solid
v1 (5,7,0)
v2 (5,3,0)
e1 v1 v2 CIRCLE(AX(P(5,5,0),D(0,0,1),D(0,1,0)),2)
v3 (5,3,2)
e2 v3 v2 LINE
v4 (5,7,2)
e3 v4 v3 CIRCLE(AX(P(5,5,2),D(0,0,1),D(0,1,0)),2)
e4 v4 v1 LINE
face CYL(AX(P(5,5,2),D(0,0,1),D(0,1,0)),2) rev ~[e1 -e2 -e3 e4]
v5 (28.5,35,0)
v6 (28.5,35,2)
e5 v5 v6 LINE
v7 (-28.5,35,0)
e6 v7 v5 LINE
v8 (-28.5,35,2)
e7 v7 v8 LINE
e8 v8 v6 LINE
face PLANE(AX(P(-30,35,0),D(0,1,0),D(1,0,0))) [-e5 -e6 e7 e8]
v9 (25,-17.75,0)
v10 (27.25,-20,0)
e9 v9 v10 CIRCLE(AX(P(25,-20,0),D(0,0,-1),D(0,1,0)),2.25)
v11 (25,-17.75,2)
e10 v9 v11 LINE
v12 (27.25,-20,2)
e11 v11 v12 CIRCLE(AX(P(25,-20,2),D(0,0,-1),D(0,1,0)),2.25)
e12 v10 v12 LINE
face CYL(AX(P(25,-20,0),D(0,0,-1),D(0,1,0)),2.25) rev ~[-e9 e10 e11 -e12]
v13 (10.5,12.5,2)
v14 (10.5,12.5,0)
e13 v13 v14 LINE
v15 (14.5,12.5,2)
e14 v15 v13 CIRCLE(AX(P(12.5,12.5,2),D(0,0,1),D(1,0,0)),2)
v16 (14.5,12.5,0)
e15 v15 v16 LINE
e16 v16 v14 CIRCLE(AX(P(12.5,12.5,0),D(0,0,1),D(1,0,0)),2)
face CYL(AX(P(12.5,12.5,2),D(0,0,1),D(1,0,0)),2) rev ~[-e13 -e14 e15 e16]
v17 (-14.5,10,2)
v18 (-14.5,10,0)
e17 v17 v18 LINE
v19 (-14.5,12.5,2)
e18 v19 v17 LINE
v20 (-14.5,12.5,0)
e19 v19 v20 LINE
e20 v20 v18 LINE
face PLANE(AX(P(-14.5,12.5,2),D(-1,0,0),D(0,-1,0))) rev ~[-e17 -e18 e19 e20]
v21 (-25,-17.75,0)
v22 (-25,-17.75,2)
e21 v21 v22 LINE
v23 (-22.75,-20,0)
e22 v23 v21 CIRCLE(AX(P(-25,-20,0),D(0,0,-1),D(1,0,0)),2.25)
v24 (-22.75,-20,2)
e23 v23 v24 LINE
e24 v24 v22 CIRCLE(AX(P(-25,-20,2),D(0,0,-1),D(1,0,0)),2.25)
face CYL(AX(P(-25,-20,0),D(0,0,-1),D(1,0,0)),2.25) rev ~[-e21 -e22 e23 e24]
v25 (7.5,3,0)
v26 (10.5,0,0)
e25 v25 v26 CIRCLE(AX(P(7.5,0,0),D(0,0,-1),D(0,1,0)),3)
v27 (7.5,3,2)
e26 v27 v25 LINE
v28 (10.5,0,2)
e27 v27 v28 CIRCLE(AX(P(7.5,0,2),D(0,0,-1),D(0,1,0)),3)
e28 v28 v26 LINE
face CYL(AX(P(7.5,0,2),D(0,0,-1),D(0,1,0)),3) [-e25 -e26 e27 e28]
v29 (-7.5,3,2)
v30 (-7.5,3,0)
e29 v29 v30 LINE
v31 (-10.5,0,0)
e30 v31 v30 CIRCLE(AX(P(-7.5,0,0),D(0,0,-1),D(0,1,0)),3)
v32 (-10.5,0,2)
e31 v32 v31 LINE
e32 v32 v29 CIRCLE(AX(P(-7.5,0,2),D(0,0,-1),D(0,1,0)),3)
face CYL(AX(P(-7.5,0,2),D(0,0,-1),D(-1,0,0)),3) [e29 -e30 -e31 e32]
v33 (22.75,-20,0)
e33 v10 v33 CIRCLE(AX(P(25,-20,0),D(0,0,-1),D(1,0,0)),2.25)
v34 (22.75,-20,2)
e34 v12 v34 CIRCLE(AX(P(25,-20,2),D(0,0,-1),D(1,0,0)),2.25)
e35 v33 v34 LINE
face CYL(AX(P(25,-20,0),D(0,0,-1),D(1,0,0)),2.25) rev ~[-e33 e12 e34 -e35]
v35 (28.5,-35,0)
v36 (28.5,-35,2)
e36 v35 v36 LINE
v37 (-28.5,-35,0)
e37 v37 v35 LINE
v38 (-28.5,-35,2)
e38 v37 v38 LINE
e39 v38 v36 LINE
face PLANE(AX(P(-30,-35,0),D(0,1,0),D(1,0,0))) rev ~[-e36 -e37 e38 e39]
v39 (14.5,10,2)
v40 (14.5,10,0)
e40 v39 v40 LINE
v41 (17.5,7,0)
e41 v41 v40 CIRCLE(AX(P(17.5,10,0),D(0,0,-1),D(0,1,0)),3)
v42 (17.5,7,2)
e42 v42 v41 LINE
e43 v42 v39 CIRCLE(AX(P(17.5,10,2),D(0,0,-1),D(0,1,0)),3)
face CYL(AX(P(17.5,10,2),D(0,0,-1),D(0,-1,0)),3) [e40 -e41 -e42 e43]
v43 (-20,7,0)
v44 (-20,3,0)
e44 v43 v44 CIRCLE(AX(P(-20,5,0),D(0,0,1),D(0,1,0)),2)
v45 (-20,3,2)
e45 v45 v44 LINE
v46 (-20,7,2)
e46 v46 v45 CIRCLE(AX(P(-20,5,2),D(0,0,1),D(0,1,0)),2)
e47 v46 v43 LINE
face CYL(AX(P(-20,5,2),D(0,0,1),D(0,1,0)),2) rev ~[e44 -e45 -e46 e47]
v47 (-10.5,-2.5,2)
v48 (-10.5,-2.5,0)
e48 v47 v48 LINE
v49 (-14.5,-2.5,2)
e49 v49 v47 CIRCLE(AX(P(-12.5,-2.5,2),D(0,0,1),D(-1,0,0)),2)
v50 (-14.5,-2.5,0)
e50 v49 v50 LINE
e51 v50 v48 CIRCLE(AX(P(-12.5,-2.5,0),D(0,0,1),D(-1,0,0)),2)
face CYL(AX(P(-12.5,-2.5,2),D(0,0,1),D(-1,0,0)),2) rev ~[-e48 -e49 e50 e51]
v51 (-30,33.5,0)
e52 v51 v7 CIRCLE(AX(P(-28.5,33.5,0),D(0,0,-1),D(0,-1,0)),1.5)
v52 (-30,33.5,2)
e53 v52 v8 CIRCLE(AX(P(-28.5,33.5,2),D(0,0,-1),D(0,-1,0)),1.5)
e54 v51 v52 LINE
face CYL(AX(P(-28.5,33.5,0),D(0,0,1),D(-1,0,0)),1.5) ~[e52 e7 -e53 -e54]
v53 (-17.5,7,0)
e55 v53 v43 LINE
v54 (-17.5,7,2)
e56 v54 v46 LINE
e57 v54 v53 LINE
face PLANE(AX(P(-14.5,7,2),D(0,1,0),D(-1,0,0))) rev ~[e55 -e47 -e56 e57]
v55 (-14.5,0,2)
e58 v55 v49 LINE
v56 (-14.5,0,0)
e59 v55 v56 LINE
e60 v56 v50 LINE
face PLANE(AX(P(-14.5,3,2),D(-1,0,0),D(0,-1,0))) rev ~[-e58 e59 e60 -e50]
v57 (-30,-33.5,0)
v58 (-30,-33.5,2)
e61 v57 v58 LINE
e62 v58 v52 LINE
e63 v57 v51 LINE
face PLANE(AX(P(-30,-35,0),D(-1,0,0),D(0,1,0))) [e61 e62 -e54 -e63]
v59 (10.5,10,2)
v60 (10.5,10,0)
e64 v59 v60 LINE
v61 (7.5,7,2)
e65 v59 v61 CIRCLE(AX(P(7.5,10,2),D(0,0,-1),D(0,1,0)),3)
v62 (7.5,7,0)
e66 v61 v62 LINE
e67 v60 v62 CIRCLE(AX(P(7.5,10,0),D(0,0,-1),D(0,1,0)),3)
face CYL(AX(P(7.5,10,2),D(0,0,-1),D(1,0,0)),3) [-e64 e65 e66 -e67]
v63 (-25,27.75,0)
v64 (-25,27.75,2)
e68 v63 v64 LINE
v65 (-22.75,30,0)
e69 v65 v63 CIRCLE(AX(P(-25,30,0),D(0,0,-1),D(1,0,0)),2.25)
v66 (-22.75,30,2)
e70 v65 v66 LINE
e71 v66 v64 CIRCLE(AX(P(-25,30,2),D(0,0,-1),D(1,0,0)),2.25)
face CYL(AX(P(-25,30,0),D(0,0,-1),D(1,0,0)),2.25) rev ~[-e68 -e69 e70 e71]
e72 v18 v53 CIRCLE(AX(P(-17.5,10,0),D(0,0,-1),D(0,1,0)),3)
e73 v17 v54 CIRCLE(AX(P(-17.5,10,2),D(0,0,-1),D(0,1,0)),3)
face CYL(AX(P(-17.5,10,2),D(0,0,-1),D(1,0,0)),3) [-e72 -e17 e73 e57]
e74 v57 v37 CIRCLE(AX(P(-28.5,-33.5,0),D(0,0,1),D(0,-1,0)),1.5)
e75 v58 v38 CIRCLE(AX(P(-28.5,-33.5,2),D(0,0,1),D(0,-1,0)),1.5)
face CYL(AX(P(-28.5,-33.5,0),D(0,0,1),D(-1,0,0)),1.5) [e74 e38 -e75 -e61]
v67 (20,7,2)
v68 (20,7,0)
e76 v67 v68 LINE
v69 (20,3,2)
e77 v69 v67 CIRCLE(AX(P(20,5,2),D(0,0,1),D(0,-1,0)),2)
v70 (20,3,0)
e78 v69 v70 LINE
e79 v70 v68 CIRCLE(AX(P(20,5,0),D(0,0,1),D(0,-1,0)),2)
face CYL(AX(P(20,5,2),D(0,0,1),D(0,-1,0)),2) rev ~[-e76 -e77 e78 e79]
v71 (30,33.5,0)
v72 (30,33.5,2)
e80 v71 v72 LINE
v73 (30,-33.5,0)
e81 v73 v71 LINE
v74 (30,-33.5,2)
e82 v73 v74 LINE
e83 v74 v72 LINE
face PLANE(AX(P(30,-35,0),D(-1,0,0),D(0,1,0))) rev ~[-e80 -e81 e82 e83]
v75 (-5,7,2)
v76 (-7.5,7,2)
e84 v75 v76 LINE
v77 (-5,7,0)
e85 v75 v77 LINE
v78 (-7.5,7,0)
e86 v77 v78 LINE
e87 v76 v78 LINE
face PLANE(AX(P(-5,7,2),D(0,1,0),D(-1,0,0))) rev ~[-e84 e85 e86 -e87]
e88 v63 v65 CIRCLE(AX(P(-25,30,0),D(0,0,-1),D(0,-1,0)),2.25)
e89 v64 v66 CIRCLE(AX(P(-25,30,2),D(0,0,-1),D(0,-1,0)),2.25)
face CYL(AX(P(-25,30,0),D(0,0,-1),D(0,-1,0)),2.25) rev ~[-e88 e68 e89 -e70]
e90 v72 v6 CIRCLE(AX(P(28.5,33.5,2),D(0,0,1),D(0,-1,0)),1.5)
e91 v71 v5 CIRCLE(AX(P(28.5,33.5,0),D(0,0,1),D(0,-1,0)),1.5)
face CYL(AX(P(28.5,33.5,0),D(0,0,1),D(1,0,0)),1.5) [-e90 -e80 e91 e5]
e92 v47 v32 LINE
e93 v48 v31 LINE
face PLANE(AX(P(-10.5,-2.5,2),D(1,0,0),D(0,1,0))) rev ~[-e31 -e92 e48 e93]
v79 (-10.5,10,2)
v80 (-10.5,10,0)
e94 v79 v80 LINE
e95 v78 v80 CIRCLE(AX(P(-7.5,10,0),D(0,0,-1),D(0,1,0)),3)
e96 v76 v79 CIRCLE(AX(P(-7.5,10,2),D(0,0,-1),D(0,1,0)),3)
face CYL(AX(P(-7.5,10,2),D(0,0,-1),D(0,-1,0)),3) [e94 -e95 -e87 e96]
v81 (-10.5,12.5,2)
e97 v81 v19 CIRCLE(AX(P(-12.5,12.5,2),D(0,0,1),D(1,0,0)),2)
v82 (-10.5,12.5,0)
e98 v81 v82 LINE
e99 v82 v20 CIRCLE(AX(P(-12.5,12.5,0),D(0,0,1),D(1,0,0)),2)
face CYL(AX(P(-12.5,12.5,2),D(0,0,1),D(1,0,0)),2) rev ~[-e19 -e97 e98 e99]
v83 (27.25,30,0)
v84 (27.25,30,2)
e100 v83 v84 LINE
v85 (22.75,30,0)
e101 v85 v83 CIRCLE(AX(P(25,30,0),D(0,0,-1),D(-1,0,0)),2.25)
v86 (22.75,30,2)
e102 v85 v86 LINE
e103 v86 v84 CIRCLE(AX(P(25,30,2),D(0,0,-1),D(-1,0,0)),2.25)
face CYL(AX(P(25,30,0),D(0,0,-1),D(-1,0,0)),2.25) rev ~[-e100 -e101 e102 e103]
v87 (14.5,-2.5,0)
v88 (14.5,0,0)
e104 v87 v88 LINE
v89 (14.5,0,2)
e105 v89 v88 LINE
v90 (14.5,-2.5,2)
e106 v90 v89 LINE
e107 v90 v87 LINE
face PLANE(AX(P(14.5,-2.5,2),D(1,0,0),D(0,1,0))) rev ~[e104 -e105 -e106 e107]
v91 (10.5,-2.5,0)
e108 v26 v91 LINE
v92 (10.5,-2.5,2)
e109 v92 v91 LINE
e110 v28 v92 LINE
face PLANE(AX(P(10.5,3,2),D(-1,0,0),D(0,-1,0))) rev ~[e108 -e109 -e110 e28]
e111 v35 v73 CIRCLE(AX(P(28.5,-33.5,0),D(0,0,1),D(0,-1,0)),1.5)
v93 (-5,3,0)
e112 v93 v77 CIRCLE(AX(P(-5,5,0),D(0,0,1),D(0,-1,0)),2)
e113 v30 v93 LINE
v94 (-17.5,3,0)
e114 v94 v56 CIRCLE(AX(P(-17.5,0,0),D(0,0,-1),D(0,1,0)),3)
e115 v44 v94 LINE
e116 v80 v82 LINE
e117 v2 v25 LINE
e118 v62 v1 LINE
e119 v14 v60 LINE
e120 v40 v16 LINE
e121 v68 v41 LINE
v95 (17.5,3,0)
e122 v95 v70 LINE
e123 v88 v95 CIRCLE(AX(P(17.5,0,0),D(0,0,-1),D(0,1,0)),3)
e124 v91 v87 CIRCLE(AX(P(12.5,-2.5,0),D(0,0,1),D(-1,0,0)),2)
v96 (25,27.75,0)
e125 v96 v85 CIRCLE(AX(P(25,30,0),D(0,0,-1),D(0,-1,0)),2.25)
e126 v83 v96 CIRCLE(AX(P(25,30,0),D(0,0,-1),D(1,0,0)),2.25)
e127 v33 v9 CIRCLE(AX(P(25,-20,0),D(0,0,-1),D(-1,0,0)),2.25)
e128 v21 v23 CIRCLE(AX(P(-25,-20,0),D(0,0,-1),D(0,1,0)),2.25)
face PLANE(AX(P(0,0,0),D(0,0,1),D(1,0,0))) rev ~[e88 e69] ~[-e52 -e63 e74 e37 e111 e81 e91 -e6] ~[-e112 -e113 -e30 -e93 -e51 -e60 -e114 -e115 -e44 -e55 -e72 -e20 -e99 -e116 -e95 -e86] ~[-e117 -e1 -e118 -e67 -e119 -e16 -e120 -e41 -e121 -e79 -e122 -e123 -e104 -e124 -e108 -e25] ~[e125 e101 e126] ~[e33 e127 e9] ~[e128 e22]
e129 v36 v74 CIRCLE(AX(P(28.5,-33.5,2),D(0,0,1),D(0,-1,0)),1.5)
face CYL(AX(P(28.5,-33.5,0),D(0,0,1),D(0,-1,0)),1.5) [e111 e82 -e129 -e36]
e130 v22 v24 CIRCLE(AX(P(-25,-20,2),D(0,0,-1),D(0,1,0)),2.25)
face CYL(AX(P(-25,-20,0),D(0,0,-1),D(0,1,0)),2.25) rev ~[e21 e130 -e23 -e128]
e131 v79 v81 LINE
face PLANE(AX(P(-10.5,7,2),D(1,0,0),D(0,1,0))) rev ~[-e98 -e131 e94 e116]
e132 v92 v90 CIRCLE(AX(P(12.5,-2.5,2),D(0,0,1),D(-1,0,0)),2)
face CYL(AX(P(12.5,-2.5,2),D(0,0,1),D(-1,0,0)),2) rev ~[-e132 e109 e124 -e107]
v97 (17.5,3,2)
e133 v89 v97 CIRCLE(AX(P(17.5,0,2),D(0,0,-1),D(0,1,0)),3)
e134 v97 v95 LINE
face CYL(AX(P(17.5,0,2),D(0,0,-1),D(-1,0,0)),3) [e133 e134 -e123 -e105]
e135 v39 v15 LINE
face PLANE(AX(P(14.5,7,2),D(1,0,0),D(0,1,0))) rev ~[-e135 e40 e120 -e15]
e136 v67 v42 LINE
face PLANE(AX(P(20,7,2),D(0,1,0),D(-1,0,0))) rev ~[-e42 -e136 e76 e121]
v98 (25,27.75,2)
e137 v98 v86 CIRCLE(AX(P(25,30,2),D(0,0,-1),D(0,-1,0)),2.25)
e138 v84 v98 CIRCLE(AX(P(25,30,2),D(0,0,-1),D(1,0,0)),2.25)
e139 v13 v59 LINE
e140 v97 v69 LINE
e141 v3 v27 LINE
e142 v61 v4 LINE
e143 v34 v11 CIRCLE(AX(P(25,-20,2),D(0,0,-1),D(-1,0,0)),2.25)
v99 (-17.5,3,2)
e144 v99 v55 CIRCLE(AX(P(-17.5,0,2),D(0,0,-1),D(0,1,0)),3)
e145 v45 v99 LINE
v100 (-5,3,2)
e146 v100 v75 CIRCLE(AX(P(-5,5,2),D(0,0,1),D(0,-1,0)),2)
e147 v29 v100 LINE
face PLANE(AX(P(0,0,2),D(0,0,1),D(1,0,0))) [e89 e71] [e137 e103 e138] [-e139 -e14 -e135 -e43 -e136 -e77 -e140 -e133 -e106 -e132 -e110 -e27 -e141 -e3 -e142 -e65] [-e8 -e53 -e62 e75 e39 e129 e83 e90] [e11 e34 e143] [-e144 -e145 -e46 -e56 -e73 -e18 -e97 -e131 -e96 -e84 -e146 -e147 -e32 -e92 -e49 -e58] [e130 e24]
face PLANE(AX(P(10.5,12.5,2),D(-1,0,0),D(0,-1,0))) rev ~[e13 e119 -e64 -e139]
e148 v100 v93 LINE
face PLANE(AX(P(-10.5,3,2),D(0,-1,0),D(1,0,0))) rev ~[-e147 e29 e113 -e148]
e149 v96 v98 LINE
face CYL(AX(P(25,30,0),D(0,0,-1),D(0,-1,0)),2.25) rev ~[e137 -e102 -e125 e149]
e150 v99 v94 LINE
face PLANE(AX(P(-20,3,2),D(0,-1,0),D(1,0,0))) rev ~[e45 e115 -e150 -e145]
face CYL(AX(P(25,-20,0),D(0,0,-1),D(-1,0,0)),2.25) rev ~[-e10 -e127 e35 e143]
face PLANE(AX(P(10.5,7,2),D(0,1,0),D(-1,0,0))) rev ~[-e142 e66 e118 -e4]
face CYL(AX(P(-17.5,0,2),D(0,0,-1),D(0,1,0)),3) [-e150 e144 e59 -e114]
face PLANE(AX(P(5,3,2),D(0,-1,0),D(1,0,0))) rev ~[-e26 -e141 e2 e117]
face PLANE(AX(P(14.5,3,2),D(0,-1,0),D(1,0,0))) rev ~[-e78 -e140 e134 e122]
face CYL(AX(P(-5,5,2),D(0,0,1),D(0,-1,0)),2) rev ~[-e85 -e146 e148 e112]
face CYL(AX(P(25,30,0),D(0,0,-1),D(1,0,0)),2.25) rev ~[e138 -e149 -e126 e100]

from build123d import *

# Parameters (mm, degrees)
F0_W     = 60
F0_H     = 70
F1_DEPTH = 2
F2_R     = 1.5
F3_W     = 2
F3_H     = 2
F4_DEPTH = 2
F5_R     = 3


with BuildPart() as f1:
    # F0 (on Top) → F1 (new body)
    with BuildSketch(Plane.XY):
        Rectangle(F0_W, F0_H)
        with BuildLine():
            ThreePointArc((-25, 27.75), (-26.5909902577, 31.5909902577), (-22.75, 30))
            Line((-22.75, 30), (22.75, 30))
            ThreePointArc((22.75, 30), (25, 32.25), (27.25, 30))
            ThreePointArc((27.25, 30), (26.5909902577, 28.4090097423), (25, 27.75))
            Line((25, 27.75), (25, -17.75))
            ThreePointArc((25, -17.75), (26.5909902577, -18.4090097423), (27.25, -20))
            ThreePointArc((27.25, -20), (25, -22.25), (22.75, -20))
            Line((22.75, -20), (-22.75, -20))
            ThreePointArc((-22.75, -20), (-26.5909902577, -21.5909902577), (-25, -17.75))
            Line((-25, -17.75), (-25, 27.75))
        make_face(mode=Mode.SUBTRACT)
        with BuildLine():
            Line((22.75, 30), (-22.75, 30))
            ThreePointArc((-22.75, 30), (-23.4090097423, 28.4090097423), (-25, 27.75))
            Line((-25, 27.75), (-25, -17.75))
            ThreePointArc((-25, -17.75), (-23.4090097423, -18.4090097423), (-22.75, -20))
            Line((-22.75, -20), (22.75, -20))
            ThreePointArc((22.75, -20), (23.4090097423, -18.4090097423), (25, -17.75))
            Line((25, -17.75), (25, 27.75))
            ThreePointArc((25, 27.75), (23.4090097423, 28.4090097423), (22.75, 30))
        make_face()
    extrude(amount=F1_DEPTH)

    # F2
    f2_edges = [f1.edges().sort_by_distance(p)[0] for p in [
        (-30, 35, 1),
        (30, 35, 1),
        (-30, -35, 1),
        (30, -35, 1),
    ]]
    fillet(f2_edges, radius=F2_R)

    # F3 (on face) → F4 (cut)
    with BuildSketch(Plane.XY.offset(2)):
        with Locations((-11.5, 6)):
            Rectangle(F3_W, F3_H)
        with Locations((-13.5, 6)):
            Rectangle(F3_W, F3_H)
        with BuildLine():
            Line((-14.5, 7), (-12.5, 7))
            Line((-12.5, 7), (-10.5, 7))
            Line((-10.5, 7), (-10.5, 12.5))
            ThreePointArc((-10.5, 12.5), (-12.5, 14.5), (-14.5, 12.5))
            Line((-14.5, 12.5), (-14.5, 7))
        make_face()
        with Locations((-11.5, 4)):
            Rectangle(F3_W, F3_H)
        with Locations((-13.5, 4)):
            Rectangle(F3_W, F3_H)
        with BuildLine():
            Line((-14.5, 5), (-14.5, 7))
            Line((-14.5, 7), (-20, 7))
            ThreePointArc((-20, 7), (-22, 5), (-20, 3))
            Line((-20, 3), (-14.5, 3))
            Line((-14.5, 3), (-14.5, 5))
        make_face()
        with BuildLine():
            Line((-5, 7), (-10.5, 7))
            Line((-10.5, 7), (-10.5, 5))
            Line((-10.5, 5), (-10.5, 3))
            Line((-10.5, 3), (-5, 3))
            ThreePointArc((-5, 3), (-3, 5), (-5, 7))
        make_face()
        with BuildLine():
            Line((-10.5, 3), (-12.5, 3))
            Line((-12.5, 3), (-14.5, 3))
            Line((-14.5, 3), (-14.5, -2.5))
            ThreePointArc((-14.5, -2.5), (-12.5, -4.5), (-10.5, -2.5))
            Line((-10.5, -2.5), (-10.5, 3))
        make_face()
        with BuildLine():
            ThreePointArc((5, 7), (3, 5), (5, 3))
            Line((5, 3), (10.5, 3))
            Line((10.5, 3), (10.5, 5))
            Line((10.5, 5), (10.5, 7))
            Line((10.5, 7), (5, 7))
        make_face()
        with Locations((11.5, 4)):
            Rectangle(F3_W, F3_H)
        with BuildLine():
            Line((12.5, 3), (10.5, 3))
            Line((10.5, 3), (10.5, -2.5))
            ThreePointArc((10.5, -2.5), (12.5, -4.5), (14.5, -2.5))
            Line((14.5, -2.5), (14.5, 3))
            Line((14.5, 3), (12.5, 3))
        make_face()
        with Locations((13.5, 4)):
            Rectangle(F3_W, F3_H)
        with Locations((11.5, 6)):
            Rectangle(F3_W, F3_H)
        with BuildLine():
            Line((10.5, 12.5), (10.5, 7))
            Line((10.5, 7), (12.5, 7))
            Line((12.5, 7), (14.5, 7))
            Line((14.5, 7), (14.5, 12.5))
            ThreePointArc((14.5, 12.5), (12.5, 14.5), (10.5, 12.5))
        make_face()
        with BuildLine():
            Line((14.5, 5), (14.5, 3))
            Line((14.5, 3), (20, 3))
            ThreePointArc((20, 3), (22, 5), (20, 7))
            Line((20, 7), (14.5, 7))
            Line((14.5, 7), (14.5, 5))
        make_face()
        with Locations((13.5, 6)):
            Rectangle(F3_W, F3_H)
    extrude(amount=-F4_DEPTH, mode=Mode.SUBTRACT)

    # F5
    f5_edges = [f1.edges().sort_by_distance(p)[0] for p in [
        (-14.5, 3, 1),
        (-10.5, 3, 1),
        (-14.5, 7, 1),
        (-10.5, 7, 1),
        (10.5, 3, 1),
        (10.5, 7, 1),
        (14.5, 3, 1),
        (14.5, 7, 1),
    ]]
    fillet(f5_edges, radius=F5_R)


solid = f1.part
